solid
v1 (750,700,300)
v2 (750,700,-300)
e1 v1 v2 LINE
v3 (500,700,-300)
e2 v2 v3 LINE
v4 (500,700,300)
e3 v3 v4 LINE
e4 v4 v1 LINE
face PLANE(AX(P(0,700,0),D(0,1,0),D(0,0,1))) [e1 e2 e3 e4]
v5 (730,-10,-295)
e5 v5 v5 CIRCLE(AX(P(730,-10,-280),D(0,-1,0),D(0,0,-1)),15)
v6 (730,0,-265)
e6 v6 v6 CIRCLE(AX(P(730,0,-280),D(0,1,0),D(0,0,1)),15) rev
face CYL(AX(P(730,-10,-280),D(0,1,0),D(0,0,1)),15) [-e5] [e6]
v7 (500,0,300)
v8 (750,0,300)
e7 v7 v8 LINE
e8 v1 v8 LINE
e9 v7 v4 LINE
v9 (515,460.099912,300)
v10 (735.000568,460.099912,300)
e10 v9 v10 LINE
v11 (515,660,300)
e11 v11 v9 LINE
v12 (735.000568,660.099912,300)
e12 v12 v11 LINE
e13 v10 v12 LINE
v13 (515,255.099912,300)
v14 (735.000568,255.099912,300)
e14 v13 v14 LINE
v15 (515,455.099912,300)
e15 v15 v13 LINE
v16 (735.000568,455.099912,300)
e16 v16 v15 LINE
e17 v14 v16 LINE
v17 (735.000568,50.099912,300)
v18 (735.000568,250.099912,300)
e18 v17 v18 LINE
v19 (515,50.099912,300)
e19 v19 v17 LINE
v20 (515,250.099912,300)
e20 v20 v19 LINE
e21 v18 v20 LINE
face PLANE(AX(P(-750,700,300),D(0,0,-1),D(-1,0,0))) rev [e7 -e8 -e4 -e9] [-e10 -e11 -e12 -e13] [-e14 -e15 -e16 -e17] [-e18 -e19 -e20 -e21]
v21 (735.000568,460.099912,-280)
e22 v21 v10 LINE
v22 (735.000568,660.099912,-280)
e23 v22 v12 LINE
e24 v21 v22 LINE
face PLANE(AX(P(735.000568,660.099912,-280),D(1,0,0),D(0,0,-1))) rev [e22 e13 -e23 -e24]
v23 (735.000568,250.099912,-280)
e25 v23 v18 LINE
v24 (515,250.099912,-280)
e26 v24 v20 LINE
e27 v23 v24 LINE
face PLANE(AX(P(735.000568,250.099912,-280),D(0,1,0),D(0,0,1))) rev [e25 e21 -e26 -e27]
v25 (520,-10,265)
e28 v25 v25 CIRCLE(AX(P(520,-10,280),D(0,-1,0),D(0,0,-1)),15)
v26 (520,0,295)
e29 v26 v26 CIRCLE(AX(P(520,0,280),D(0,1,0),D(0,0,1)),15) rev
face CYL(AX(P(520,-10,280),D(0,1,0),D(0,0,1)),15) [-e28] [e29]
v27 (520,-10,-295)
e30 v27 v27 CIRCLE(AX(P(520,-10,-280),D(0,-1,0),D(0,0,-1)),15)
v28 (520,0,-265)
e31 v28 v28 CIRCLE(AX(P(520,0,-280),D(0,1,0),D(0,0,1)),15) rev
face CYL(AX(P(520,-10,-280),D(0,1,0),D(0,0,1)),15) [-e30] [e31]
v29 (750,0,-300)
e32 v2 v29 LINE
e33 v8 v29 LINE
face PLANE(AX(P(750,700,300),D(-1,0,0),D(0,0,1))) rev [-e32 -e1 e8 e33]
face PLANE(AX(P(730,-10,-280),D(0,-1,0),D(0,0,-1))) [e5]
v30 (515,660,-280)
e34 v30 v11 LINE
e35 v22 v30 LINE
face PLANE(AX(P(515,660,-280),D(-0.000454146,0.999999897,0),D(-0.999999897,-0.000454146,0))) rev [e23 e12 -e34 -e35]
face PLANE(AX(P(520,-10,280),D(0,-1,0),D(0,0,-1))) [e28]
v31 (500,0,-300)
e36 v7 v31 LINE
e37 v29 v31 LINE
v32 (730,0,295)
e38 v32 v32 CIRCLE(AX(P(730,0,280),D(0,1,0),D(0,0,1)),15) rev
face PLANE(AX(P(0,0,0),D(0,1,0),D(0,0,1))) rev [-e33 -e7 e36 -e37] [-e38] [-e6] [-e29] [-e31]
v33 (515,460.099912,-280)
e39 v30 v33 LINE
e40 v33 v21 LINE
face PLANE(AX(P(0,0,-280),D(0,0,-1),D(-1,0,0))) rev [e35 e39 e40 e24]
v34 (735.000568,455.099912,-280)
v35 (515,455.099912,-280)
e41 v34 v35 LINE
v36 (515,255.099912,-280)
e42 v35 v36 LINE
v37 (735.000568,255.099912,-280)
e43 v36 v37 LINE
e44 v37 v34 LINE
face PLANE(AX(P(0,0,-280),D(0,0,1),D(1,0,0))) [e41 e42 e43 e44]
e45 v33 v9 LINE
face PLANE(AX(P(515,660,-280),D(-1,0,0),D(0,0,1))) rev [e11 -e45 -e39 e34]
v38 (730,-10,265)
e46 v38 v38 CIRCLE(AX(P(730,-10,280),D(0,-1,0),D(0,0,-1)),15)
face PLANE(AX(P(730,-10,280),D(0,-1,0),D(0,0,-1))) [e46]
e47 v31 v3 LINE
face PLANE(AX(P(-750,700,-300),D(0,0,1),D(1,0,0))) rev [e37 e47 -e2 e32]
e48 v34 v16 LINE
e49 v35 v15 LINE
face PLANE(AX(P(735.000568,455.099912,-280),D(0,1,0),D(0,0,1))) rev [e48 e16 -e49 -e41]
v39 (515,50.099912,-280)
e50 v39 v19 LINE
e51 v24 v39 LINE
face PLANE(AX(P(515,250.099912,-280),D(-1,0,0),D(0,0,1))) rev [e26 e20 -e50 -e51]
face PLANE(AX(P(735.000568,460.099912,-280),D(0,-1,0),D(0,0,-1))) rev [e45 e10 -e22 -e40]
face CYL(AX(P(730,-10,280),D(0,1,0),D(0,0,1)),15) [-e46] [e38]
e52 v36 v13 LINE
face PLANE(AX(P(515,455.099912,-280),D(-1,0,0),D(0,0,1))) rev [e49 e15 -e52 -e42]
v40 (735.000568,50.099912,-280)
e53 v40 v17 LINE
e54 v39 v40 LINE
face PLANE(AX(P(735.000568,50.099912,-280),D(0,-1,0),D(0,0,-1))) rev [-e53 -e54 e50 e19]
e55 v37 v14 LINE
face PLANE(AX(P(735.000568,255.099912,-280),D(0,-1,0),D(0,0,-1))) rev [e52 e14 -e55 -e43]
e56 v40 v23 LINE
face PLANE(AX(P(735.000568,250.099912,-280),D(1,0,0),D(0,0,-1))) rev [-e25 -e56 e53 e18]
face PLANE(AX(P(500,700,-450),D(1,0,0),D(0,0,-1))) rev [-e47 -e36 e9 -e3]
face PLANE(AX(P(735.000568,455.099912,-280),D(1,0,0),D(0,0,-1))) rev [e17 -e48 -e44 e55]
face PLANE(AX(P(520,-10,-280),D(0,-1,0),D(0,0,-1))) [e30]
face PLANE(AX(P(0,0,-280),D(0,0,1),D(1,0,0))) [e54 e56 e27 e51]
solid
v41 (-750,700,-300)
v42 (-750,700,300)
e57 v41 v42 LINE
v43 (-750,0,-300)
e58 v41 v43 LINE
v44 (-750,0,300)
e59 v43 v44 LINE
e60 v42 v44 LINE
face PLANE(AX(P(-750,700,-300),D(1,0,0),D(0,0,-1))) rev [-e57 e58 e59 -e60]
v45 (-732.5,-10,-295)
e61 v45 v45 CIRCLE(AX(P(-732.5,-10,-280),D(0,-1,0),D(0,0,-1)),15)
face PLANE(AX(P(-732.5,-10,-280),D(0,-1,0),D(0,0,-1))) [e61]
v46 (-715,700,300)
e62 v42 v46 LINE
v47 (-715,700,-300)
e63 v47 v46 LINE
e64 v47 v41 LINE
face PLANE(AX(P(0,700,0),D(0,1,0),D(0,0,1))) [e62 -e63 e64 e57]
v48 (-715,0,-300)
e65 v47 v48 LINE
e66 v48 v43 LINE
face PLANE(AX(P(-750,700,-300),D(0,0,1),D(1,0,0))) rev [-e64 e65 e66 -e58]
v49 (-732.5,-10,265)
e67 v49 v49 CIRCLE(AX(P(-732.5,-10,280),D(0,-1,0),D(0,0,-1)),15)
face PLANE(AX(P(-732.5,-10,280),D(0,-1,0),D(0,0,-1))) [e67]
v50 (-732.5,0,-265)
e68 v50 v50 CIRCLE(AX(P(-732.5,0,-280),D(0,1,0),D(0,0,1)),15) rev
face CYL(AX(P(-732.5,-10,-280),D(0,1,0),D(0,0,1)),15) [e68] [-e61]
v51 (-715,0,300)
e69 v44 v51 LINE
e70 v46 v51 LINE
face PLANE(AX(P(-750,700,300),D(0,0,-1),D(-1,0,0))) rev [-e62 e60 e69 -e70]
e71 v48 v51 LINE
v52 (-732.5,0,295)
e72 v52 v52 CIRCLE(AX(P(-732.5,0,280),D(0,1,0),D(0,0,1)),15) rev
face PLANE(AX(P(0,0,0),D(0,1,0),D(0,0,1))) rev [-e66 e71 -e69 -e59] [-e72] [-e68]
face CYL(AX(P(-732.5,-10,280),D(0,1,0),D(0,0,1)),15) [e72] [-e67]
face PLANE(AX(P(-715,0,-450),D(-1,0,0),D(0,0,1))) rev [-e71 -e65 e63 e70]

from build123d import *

# Parameters (mm, degrees)
SKETCH1_W           = 1500
SKETCH1_H           = 600
BOSS_EXTRUDE1_DEPTH = 700
SKETCH4_W           = 1215
SKETCH4_H           = 700
CUT_EXTRUDE2_DEPTH  = 750
SKETCH5_W           = 220.000567729
SKETCH5_H           = 200
CUT_EXTRUDE3_DEPTH  = 580
SKETCH6_R           = 15
BOSS_EXTRUDE3_DEPTH = 10


with BuildPart() as part:
    # Sketch1 → Boss-Extrude1 (new body)
    with BuildSketch(Plane(origin=(0, 0, 0), x_dir=(1, 0, 0), z_dir=(0, 1, 0))):
        Rectangle(SKETCH1_W, SKETCH1_H)
    extrude(amount=BOSS_EXTRUDE1_DEPTH)

    # Sketch4 → Cut-Extrude2 (cut)
    with BuildSketch(Plane.XY.offset(300)):
        with Locations((-107.5, 350)):
            Rectangle(SKETCH4_W, SKETCH4_H)
    extrude(amount=-CUT_EXTRUDE2_DEPTH, mode=Mode.SUBTRACT)

    # Sketch5 → Cut-Extrude3 (cut)
    with BuildSketch(Plane.XY.offset(300)):
        Polygon((515, 660), (515, 460.099912453), (735.000567729, 460.099912453), (735.000567729, 660.099912453), align=None)
        with Locations((625.000283865, 355.099912453)):
            Rectangle(SKETCH5_W, SKETCH5_H)
        with Locations((625.000283865, 150.099912453)):
            Rectangle(SKETCH5_W, SKETCH5_H)
    extrude(amount=-CUT_EXTRUDE3_DEPTH, mode=Mode.SUBTRACT)

    # Sketch6 → Boss-Extrude3 (add)
    with BuildSketch(Plane(origin=(0, 0, 0), x_dir=(-1, 0, 0), z_dir=(0, -1, 0))):
        with Locations((732.5, -280)):
            Circle(SKETCH6_R)
        with Locations((732.5, 280)):
            Circle(SKETCH6_R)
        with Locations((-520, -280)):
            Circle(SKETCH6_R)
        with Locations((-520, 280)):
            Circle(SKETCH6_R)
        with Locations((-730, 280)):
            Circle(SKETCH6_R)
        with Locations((-730, -280)):
            Circle(SKETCH6_R)
    extrude(amount=BOSS_EXTRUDE3_DEPTH)


solid = part.part
